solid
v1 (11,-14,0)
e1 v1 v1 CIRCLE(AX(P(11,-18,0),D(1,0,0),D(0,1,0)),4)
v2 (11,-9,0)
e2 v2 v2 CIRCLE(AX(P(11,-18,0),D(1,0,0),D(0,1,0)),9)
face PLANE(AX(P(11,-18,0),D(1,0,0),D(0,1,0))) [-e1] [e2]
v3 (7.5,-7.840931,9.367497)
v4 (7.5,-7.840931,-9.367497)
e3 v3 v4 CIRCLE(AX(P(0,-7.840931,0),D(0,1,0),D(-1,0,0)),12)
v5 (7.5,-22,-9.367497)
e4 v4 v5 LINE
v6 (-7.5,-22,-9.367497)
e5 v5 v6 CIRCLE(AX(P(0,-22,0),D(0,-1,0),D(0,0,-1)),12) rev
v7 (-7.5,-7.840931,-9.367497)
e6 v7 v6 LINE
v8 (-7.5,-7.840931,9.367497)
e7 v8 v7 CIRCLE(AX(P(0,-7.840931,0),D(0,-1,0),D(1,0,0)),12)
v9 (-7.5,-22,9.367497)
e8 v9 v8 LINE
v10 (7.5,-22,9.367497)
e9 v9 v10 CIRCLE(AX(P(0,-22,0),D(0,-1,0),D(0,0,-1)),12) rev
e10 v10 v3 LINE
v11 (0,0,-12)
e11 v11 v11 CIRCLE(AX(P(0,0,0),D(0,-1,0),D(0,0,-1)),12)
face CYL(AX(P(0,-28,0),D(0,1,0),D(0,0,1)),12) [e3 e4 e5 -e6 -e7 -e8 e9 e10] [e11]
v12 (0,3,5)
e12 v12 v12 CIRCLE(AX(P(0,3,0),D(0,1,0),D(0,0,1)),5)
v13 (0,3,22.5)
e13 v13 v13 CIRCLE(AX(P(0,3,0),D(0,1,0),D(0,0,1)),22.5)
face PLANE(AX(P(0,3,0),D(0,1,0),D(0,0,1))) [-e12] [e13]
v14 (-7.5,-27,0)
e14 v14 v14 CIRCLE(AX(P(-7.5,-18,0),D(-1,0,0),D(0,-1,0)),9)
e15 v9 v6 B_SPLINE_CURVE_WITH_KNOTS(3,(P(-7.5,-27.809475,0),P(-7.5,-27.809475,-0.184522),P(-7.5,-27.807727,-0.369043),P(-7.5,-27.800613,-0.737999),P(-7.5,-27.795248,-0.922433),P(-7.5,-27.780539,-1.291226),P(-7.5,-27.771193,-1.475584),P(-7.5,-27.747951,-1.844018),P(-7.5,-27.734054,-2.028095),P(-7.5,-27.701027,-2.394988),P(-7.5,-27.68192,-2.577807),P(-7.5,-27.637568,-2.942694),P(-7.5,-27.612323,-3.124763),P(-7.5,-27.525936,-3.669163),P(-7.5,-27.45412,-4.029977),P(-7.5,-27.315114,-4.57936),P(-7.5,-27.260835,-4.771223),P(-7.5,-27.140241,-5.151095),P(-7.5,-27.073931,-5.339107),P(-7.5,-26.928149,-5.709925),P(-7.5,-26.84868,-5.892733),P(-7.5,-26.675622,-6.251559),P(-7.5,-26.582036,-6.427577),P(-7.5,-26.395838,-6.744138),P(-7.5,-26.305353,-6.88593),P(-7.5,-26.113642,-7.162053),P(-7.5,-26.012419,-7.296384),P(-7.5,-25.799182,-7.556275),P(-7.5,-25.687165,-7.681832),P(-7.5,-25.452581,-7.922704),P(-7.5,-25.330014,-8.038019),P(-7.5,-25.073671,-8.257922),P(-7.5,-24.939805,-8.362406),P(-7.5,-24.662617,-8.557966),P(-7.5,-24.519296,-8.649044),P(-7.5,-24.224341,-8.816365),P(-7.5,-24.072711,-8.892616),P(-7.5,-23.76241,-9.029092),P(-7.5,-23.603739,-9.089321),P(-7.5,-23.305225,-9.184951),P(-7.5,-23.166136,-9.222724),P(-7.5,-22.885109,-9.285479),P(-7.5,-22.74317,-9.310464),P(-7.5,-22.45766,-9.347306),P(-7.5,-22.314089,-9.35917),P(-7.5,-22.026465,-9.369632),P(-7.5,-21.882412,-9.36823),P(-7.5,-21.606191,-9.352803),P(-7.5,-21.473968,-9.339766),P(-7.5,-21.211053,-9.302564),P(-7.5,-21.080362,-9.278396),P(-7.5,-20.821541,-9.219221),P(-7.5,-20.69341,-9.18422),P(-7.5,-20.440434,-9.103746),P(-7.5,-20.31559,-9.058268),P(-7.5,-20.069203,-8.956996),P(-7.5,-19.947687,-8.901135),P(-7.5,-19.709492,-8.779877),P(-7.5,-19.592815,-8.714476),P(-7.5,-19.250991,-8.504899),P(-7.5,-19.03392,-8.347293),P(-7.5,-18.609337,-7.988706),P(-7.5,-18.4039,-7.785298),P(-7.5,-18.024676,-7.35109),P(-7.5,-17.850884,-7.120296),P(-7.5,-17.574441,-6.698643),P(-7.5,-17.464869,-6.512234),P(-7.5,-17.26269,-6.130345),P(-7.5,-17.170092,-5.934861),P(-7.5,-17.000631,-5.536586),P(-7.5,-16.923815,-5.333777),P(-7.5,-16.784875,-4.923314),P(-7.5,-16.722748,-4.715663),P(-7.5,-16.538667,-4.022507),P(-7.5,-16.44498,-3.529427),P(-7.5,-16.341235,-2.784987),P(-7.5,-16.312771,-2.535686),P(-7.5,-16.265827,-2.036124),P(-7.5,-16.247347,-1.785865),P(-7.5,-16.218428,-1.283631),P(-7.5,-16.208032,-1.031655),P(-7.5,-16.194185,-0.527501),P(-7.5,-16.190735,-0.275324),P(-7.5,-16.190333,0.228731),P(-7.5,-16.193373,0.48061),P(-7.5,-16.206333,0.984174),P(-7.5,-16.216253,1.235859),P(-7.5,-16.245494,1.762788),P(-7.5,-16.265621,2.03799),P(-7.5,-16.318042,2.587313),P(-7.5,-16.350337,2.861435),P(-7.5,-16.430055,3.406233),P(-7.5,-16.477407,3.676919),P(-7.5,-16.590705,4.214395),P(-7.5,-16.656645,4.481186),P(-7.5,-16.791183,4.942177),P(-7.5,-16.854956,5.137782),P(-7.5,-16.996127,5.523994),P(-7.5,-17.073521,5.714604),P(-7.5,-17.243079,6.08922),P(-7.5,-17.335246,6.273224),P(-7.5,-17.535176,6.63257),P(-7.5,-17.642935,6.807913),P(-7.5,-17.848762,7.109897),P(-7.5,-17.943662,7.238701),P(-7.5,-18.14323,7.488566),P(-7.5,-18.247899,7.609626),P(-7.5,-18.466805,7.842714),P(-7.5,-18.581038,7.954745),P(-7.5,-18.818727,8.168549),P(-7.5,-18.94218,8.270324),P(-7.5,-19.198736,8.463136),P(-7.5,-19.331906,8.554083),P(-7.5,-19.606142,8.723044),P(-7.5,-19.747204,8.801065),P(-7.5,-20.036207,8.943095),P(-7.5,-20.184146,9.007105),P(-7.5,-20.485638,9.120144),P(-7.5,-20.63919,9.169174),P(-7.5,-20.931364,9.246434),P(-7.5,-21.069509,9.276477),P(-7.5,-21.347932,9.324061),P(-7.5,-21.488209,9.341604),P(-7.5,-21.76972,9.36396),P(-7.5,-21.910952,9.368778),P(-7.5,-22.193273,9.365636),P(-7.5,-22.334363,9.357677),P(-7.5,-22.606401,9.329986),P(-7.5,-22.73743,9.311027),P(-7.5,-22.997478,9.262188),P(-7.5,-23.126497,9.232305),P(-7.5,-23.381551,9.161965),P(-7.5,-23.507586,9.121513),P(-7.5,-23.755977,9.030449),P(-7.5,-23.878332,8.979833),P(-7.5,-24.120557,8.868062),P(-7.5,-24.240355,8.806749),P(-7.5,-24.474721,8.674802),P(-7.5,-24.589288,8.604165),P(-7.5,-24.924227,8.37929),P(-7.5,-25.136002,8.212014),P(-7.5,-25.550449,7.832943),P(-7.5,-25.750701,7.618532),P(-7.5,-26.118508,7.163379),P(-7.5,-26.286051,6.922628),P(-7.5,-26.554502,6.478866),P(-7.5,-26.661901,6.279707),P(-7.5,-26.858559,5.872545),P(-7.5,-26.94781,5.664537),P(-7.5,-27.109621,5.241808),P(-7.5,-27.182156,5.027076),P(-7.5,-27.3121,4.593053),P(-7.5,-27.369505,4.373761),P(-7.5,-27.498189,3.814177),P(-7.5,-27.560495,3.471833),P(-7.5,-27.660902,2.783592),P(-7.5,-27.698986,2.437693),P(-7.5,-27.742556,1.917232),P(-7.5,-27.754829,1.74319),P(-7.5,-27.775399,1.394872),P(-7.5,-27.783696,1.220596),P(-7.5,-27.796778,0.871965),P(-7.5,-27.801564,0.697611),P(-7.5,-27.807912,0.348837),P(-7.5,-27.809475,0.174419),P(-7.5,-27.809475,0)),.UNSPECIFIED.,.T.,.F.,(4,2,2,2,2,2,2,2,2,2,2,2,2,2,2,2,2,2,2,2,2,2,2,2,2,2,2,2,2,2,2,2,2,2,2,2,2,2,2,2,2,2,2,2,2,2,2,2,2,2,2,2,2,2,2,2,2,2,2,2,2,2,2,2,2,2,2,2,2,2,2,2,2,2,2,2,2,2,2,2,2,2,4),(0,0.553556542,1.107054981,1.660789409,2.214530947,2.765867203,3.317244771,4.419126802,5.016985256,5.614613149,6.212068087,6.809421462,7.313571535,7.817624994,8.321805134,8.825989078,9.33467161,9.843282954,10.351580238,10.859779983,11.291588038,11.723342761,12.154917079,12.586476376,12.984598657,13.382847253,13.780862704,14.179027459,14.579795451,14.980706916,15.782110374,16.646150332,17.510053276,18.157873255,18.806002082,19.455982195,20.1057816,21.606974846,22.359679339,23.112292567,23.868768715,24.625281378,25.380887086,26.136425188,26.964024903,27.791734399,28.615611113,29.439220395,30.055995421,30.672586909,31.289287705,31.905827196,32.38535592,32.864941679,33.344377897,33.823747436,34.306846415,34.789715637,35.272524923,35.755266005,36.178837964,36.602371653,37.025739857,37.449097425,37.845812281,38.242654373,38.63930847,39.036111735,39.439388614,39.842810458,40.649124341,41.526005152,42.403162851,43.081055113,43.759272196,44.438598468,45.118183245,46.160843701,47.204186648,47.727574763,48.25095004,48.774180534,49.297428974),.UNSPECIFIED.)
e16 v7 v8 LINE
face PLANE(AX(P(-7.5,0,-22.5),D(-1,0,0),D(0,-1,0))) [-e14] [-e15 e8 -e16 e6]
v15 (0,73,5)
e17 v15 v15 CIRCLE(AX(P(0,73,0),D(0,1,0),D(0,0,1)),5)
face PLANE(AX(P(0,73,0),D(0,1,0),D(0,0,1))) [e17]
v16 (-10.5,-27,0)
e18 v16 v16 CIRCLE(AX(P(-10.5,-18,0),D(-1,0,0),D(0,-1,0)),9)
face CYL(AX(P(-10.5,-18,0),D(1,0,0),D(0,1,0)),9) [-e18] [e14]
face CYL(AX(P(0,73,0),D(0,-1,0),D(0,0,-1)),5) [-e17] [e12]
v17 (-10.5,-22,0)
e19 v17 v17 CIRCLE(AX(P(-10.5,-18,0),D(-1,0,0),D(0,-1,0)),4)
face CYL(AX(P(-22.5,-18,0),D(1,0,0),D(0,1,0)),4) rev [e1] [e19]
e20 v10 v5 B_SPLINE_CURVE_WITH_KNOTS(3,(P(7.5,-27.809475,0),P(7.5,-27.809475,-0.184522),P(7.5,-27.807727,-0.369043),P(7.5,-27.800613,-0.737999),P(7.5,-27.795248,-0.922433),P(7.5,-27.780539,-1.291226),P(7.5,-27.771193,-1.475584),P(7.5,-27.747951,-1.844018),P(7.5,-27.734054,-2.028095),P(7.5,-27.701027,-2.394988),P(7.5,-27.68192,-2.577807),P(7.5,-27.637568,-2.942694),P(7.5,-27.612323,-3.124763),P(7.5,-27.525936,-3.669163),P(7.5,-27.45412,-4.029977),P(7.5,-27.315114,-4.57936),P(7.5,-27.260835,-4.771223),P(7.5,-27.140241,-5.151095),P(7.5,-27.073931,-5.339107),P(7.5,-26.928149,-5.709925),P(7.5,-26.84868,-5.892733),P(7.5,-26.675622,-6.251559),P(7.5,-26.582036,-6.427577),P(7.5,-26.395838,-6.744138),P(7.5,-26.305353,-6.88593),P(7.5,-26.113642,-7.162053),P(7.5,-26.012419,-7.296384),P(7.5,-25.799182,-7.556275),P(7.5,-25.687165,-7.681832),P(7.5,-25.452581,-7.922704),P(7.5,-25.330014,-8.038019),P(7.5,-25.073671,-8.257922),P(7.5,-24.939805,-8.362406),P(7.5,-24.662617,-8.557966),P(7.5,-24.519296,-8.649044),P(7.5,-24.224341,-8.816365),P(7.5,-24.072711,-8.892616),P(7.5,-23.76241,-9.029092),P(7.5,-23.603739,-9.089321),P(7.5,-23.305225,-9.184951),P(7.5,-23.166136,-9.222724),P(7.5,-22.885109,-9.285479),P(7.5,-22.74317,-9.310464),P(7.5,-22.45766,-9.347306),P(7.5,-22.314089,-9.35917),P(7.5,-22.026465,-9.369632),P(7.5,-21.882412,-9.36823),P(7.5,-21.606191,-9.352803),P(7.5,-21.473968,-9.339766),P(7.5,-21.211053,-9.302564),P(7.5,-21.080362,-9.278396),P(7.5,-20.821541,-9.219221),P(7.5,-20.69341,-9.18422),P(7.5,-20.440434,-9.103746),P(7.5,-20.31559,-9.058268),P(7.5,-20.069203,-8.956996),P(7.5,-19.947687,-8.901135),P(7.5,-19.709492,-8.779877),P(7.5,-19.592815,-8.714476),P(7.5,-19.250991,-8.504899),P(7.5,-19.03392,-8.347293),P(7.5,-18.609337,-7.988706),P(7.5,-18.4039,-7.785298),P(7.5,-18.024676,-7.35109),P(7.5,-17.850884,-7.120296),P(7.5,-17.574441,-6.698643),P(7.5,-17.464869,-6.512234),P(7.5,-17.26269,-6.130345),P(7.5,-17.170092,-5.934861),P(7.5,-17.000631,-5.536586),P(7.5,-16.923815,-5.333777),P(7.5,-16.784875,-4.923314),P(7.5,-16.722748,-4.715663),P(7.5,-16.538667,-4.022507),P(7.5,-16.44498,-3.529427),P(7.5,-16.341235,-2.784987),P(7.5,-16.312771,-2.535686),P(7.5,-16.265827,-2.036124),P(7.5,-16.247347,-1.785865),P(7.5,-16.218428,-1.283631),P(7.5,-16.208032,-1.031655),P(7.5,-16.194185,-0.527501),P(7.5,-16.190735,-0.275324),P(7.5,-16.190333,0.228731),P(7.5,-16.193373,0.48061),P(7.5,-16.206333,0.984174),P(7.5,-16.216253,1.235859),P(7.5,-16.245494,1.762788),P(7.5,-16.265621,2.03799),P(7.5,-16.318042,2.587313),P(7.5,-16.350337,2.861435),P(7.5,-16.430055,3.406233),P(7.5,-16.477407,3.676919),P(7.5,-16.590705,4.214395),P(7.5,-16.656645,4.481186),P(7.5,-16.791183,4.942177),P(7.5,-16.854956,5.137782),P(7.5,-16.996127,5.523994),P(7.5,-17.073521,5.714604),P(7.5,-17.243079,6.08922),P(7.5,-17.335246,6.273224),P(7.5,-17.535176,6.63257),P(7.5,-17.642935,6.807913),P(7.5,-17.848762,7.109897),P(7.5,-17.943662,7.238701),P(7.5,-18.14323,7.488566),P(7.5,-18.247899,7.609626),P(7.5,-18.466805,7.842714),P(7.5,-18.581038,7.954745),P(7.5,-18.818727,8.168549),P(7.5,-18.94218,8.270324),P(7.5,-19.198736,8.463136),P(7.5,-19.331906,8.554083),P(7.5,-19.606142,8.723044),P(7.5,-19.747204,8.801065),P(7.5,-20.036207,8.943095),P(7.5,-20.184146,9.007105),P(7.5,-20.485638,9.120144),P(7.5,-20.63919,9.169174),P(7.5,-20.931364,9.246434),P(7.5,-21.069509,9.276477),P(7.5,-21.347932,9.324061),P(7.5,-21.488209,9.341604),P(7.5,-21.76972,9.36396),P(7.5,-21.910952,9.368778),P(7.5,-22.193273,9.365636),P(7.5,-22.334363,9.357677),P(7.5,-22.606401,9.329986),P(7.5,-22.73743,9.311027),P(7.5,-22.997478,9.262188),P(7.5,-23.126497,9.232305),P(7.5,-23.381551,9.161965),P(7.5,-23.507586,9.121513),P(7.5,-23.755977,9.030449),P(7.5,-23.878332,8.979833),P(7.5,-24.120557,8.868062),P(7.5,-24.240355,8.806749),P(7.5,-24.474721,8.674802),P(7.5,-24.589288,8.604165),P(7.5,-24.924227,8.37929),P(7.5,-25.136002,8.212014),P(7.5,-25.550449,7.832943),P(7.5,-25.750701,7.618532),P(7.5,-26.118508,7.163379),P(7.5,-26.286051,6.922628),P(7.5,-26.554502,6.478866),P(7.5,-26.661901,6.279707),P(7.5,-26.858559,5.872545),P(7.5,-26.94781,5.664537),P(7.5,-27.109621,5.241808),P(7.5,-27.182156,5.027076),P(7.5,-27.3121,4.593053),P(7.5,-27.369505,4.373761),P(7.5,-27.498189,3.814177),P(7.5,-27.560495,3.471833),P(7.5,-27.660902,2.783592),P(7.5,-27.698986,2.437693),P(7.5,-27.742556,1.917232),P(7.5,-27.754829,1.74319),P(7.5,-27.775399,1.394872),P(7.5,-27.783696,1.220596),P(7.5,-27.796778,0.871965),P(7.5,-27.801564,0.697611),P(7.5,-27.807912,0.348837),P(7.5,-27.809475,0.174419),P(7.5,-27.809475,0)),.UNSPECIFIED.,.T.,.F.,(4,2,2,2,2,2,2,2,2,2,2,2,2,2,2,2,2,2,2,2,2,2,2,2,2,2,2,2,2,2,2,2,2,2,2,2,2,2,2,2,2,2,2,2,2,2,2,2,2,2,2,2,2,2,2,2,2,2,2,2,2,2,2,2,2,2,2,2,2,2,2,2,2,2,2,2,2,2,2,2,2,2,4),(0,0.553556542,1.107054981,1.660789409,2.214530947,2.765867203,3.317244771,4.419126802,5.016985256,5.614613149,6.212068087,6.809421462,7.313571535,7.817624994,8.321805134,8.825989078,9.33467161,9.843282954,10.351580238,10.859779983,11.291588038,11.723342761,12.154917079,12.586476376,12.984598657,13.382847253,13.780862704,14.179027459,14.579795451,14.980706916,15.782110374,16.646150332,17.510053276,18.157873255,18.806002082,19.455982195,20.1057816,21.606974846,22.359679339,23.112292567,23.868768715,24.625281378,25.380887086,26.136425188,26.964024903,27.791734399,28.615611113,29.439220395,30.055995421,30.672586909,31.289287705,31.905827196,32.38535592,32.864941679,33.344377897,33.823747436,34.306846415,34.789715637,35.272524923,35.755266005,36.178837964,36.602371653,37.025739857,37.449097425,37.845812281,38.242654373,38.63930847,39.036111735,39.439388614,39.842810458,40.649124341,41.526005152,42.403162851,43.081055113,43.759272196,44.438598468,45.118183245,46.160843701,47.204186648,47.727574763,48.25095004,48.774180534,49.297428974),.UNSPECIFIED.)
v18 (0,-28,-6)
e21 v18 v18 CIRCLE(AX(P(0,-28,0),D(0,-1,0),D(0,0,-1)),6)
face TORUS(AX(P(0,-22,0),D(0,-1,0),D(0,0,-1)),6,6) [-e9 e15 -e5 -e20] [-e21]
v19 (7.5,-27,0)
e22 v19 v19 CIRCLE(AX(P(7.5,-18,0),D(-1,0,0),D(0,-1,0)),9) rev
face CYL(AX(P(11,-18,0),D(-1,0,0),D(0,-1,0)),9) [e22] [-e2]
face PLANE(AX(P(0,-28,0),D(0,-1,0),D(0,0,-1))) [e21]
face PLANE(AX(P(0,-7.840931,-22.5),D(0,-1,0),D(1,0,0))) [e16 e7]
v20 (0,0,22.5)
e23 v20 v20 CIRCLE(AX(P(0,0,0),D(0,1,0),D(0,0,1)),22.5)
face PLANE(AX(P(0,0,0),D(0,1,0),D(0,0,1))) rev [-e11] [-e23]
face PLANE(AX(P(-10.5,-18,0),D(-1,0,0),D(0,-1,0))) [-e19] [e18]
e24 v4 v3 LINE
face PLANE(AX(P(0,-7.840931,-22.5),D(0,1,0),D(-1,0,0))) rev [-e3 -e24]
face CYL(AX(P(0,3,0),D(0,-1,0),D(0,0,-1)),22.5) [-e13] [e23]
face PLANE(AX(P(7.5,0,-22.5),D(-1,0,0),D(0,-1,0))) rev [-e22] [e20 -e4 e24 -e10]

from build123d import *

# Parameters (mm, degrees)
SKETCH1_R               = 22.5
BOSS_EXTRUDE1_DEPTH     = 3
SKETCH2_R               = 5
BOSS_EXTRUDE2_DEPTH     = 70
SKETCH3_R               = 12
BOSS_EXTRUDE3_DEPTH     = 28
FILLET1_R               = 6
CUT_EXTRUDE1_DEPTH      = 80.633535649
CUT_EXTRUDE1_DEPTH_BACK = 80.633535649
SKETCH4_W               = 15.997747603
SKETCH4_H               = 20
SKETCH5_R               = 4
CUT_EXTRUDE2_DEPTH      = 83.068568892
SKETCH6_R               = 9
SKETCH6_R_2             = 4
BOSS_EXTRUDE15_DEPTH    = 3.5
SKETCH10_R              = 9
SKETCH10_R_2            = 4
BOSS_EXTRUDE19_DEPTH    = 3


with BuildPart() as part:
    # Sketch1 → Boss-Extrude1 (new body)
    with BuildSketch(Plane(origin=(0, 0, 0), x_dir=(1, 0, 0), z_dir=(0, 1, 0))):
        with Locations(Location((0, 0, 0), (0, 0, 270))):
            Circle(SKETCH1_R)
    extrude(amount=BOSS_EXTRUDE1_DEPTH)

    # Sketch2 → Boss-Extrude2 (add)
    with BuildSketch(Plane(origin=(0, 3, 0), x_dir=(1, 0, 0), z_dir=(0, 1, 0))):
        with Locations(Location((0, 0, 0), (0, 0, 270))):
            Circle(SKETCH2_R)
    extrude(amount=BOSS_EXTRUDE2_DEPTH)

    # Sketch3 → Boss-Extrude3 (add)
    with BuildSketch(Plane.XZ):
        with Locations(Location((0, 0, 0), (0, 0, 270))):
            Circle(SKETCH3_R)
    extrude(amount=BOSS_EXTRUDE3_DEPTH)

    # Fillet1
    fillet1_edges = [part.edges().sort_by_distance(p)[0] for p in [
        (0, -28, 12),
    ]]
    fillet(fillet1_edges, radius=FILLET1_R)

    # Sketch4 → Cut-Extrude1 (cut, two sides: drawn at the far end of the back side and taken through both)
    with BuildSketch(Plane.XY.offset(-CUT_EXTRUDE1_DEPTH_BACK)):
        with Locations((-15.498873802, -17.840930737)):
            Rectangle(SKETCH4_W, SKETCH4_H)
        with Locations((15.498873802, -17.840930737)):
            Rectangle(SKETCH4_W, SKETCH4_H)
    extrude(amount=CUT_EXTRUDE1_DEPTH + CUT_EXTRUDE1_DEPTH_BACK, mode=Mode.SUBTRACT)

    # Sketch5 → Cut-Extrude2 (cut, through all)
    with BuildSketch(Plane(origin=(7.5, 0, 0), x_dir=(0, 0, -1), z_dir=(1, 0, 0))):
        with Locations(Location((0, -18, 0), (0, 0, 90))):
            Circle(SKETCH5_R)
    extrude(amount=-CUT_EXTRUDE2_DEPTH, mode=Mode.SUBTRACT)

    # Sketch6 → Boss-Extrude15 (add, symmetric)
    with BuildSketch(Plane(origin=(7.5, 0, 0), x_dir=(0, 0, -1), z_dir=(1, 0, 0))):
        with Locations(Location((0, -18, 0), (0, 0, 270))):
            Circle(SKETCH6_R)
        with Locations(Location((0, -18, 0), (0, 0, 90))):
            Circle(SKETCH6_R_2, mode=Mode.SUBTRACT)
    extrude(amount=BOSS_EXTRUDE15_DEPTH, both=True)

    # Sketch10 → Boss-Extrude19 (add)
    with BuildSketch(Plane.ZY.offset(7.5)):
        with Locations(Location((0, -18, 0), (0, 0, 270))):
            Circle(SKETCH10_R)
        with Locations(Location((0, -18, 0), (0, 0, 90))):
            Circle(SKETCH10_R_2, mode=Mode.SUBTRACT)
    extrude(amount=BOSS_EXTRUDE19_DEPTH)


solid = part.part
